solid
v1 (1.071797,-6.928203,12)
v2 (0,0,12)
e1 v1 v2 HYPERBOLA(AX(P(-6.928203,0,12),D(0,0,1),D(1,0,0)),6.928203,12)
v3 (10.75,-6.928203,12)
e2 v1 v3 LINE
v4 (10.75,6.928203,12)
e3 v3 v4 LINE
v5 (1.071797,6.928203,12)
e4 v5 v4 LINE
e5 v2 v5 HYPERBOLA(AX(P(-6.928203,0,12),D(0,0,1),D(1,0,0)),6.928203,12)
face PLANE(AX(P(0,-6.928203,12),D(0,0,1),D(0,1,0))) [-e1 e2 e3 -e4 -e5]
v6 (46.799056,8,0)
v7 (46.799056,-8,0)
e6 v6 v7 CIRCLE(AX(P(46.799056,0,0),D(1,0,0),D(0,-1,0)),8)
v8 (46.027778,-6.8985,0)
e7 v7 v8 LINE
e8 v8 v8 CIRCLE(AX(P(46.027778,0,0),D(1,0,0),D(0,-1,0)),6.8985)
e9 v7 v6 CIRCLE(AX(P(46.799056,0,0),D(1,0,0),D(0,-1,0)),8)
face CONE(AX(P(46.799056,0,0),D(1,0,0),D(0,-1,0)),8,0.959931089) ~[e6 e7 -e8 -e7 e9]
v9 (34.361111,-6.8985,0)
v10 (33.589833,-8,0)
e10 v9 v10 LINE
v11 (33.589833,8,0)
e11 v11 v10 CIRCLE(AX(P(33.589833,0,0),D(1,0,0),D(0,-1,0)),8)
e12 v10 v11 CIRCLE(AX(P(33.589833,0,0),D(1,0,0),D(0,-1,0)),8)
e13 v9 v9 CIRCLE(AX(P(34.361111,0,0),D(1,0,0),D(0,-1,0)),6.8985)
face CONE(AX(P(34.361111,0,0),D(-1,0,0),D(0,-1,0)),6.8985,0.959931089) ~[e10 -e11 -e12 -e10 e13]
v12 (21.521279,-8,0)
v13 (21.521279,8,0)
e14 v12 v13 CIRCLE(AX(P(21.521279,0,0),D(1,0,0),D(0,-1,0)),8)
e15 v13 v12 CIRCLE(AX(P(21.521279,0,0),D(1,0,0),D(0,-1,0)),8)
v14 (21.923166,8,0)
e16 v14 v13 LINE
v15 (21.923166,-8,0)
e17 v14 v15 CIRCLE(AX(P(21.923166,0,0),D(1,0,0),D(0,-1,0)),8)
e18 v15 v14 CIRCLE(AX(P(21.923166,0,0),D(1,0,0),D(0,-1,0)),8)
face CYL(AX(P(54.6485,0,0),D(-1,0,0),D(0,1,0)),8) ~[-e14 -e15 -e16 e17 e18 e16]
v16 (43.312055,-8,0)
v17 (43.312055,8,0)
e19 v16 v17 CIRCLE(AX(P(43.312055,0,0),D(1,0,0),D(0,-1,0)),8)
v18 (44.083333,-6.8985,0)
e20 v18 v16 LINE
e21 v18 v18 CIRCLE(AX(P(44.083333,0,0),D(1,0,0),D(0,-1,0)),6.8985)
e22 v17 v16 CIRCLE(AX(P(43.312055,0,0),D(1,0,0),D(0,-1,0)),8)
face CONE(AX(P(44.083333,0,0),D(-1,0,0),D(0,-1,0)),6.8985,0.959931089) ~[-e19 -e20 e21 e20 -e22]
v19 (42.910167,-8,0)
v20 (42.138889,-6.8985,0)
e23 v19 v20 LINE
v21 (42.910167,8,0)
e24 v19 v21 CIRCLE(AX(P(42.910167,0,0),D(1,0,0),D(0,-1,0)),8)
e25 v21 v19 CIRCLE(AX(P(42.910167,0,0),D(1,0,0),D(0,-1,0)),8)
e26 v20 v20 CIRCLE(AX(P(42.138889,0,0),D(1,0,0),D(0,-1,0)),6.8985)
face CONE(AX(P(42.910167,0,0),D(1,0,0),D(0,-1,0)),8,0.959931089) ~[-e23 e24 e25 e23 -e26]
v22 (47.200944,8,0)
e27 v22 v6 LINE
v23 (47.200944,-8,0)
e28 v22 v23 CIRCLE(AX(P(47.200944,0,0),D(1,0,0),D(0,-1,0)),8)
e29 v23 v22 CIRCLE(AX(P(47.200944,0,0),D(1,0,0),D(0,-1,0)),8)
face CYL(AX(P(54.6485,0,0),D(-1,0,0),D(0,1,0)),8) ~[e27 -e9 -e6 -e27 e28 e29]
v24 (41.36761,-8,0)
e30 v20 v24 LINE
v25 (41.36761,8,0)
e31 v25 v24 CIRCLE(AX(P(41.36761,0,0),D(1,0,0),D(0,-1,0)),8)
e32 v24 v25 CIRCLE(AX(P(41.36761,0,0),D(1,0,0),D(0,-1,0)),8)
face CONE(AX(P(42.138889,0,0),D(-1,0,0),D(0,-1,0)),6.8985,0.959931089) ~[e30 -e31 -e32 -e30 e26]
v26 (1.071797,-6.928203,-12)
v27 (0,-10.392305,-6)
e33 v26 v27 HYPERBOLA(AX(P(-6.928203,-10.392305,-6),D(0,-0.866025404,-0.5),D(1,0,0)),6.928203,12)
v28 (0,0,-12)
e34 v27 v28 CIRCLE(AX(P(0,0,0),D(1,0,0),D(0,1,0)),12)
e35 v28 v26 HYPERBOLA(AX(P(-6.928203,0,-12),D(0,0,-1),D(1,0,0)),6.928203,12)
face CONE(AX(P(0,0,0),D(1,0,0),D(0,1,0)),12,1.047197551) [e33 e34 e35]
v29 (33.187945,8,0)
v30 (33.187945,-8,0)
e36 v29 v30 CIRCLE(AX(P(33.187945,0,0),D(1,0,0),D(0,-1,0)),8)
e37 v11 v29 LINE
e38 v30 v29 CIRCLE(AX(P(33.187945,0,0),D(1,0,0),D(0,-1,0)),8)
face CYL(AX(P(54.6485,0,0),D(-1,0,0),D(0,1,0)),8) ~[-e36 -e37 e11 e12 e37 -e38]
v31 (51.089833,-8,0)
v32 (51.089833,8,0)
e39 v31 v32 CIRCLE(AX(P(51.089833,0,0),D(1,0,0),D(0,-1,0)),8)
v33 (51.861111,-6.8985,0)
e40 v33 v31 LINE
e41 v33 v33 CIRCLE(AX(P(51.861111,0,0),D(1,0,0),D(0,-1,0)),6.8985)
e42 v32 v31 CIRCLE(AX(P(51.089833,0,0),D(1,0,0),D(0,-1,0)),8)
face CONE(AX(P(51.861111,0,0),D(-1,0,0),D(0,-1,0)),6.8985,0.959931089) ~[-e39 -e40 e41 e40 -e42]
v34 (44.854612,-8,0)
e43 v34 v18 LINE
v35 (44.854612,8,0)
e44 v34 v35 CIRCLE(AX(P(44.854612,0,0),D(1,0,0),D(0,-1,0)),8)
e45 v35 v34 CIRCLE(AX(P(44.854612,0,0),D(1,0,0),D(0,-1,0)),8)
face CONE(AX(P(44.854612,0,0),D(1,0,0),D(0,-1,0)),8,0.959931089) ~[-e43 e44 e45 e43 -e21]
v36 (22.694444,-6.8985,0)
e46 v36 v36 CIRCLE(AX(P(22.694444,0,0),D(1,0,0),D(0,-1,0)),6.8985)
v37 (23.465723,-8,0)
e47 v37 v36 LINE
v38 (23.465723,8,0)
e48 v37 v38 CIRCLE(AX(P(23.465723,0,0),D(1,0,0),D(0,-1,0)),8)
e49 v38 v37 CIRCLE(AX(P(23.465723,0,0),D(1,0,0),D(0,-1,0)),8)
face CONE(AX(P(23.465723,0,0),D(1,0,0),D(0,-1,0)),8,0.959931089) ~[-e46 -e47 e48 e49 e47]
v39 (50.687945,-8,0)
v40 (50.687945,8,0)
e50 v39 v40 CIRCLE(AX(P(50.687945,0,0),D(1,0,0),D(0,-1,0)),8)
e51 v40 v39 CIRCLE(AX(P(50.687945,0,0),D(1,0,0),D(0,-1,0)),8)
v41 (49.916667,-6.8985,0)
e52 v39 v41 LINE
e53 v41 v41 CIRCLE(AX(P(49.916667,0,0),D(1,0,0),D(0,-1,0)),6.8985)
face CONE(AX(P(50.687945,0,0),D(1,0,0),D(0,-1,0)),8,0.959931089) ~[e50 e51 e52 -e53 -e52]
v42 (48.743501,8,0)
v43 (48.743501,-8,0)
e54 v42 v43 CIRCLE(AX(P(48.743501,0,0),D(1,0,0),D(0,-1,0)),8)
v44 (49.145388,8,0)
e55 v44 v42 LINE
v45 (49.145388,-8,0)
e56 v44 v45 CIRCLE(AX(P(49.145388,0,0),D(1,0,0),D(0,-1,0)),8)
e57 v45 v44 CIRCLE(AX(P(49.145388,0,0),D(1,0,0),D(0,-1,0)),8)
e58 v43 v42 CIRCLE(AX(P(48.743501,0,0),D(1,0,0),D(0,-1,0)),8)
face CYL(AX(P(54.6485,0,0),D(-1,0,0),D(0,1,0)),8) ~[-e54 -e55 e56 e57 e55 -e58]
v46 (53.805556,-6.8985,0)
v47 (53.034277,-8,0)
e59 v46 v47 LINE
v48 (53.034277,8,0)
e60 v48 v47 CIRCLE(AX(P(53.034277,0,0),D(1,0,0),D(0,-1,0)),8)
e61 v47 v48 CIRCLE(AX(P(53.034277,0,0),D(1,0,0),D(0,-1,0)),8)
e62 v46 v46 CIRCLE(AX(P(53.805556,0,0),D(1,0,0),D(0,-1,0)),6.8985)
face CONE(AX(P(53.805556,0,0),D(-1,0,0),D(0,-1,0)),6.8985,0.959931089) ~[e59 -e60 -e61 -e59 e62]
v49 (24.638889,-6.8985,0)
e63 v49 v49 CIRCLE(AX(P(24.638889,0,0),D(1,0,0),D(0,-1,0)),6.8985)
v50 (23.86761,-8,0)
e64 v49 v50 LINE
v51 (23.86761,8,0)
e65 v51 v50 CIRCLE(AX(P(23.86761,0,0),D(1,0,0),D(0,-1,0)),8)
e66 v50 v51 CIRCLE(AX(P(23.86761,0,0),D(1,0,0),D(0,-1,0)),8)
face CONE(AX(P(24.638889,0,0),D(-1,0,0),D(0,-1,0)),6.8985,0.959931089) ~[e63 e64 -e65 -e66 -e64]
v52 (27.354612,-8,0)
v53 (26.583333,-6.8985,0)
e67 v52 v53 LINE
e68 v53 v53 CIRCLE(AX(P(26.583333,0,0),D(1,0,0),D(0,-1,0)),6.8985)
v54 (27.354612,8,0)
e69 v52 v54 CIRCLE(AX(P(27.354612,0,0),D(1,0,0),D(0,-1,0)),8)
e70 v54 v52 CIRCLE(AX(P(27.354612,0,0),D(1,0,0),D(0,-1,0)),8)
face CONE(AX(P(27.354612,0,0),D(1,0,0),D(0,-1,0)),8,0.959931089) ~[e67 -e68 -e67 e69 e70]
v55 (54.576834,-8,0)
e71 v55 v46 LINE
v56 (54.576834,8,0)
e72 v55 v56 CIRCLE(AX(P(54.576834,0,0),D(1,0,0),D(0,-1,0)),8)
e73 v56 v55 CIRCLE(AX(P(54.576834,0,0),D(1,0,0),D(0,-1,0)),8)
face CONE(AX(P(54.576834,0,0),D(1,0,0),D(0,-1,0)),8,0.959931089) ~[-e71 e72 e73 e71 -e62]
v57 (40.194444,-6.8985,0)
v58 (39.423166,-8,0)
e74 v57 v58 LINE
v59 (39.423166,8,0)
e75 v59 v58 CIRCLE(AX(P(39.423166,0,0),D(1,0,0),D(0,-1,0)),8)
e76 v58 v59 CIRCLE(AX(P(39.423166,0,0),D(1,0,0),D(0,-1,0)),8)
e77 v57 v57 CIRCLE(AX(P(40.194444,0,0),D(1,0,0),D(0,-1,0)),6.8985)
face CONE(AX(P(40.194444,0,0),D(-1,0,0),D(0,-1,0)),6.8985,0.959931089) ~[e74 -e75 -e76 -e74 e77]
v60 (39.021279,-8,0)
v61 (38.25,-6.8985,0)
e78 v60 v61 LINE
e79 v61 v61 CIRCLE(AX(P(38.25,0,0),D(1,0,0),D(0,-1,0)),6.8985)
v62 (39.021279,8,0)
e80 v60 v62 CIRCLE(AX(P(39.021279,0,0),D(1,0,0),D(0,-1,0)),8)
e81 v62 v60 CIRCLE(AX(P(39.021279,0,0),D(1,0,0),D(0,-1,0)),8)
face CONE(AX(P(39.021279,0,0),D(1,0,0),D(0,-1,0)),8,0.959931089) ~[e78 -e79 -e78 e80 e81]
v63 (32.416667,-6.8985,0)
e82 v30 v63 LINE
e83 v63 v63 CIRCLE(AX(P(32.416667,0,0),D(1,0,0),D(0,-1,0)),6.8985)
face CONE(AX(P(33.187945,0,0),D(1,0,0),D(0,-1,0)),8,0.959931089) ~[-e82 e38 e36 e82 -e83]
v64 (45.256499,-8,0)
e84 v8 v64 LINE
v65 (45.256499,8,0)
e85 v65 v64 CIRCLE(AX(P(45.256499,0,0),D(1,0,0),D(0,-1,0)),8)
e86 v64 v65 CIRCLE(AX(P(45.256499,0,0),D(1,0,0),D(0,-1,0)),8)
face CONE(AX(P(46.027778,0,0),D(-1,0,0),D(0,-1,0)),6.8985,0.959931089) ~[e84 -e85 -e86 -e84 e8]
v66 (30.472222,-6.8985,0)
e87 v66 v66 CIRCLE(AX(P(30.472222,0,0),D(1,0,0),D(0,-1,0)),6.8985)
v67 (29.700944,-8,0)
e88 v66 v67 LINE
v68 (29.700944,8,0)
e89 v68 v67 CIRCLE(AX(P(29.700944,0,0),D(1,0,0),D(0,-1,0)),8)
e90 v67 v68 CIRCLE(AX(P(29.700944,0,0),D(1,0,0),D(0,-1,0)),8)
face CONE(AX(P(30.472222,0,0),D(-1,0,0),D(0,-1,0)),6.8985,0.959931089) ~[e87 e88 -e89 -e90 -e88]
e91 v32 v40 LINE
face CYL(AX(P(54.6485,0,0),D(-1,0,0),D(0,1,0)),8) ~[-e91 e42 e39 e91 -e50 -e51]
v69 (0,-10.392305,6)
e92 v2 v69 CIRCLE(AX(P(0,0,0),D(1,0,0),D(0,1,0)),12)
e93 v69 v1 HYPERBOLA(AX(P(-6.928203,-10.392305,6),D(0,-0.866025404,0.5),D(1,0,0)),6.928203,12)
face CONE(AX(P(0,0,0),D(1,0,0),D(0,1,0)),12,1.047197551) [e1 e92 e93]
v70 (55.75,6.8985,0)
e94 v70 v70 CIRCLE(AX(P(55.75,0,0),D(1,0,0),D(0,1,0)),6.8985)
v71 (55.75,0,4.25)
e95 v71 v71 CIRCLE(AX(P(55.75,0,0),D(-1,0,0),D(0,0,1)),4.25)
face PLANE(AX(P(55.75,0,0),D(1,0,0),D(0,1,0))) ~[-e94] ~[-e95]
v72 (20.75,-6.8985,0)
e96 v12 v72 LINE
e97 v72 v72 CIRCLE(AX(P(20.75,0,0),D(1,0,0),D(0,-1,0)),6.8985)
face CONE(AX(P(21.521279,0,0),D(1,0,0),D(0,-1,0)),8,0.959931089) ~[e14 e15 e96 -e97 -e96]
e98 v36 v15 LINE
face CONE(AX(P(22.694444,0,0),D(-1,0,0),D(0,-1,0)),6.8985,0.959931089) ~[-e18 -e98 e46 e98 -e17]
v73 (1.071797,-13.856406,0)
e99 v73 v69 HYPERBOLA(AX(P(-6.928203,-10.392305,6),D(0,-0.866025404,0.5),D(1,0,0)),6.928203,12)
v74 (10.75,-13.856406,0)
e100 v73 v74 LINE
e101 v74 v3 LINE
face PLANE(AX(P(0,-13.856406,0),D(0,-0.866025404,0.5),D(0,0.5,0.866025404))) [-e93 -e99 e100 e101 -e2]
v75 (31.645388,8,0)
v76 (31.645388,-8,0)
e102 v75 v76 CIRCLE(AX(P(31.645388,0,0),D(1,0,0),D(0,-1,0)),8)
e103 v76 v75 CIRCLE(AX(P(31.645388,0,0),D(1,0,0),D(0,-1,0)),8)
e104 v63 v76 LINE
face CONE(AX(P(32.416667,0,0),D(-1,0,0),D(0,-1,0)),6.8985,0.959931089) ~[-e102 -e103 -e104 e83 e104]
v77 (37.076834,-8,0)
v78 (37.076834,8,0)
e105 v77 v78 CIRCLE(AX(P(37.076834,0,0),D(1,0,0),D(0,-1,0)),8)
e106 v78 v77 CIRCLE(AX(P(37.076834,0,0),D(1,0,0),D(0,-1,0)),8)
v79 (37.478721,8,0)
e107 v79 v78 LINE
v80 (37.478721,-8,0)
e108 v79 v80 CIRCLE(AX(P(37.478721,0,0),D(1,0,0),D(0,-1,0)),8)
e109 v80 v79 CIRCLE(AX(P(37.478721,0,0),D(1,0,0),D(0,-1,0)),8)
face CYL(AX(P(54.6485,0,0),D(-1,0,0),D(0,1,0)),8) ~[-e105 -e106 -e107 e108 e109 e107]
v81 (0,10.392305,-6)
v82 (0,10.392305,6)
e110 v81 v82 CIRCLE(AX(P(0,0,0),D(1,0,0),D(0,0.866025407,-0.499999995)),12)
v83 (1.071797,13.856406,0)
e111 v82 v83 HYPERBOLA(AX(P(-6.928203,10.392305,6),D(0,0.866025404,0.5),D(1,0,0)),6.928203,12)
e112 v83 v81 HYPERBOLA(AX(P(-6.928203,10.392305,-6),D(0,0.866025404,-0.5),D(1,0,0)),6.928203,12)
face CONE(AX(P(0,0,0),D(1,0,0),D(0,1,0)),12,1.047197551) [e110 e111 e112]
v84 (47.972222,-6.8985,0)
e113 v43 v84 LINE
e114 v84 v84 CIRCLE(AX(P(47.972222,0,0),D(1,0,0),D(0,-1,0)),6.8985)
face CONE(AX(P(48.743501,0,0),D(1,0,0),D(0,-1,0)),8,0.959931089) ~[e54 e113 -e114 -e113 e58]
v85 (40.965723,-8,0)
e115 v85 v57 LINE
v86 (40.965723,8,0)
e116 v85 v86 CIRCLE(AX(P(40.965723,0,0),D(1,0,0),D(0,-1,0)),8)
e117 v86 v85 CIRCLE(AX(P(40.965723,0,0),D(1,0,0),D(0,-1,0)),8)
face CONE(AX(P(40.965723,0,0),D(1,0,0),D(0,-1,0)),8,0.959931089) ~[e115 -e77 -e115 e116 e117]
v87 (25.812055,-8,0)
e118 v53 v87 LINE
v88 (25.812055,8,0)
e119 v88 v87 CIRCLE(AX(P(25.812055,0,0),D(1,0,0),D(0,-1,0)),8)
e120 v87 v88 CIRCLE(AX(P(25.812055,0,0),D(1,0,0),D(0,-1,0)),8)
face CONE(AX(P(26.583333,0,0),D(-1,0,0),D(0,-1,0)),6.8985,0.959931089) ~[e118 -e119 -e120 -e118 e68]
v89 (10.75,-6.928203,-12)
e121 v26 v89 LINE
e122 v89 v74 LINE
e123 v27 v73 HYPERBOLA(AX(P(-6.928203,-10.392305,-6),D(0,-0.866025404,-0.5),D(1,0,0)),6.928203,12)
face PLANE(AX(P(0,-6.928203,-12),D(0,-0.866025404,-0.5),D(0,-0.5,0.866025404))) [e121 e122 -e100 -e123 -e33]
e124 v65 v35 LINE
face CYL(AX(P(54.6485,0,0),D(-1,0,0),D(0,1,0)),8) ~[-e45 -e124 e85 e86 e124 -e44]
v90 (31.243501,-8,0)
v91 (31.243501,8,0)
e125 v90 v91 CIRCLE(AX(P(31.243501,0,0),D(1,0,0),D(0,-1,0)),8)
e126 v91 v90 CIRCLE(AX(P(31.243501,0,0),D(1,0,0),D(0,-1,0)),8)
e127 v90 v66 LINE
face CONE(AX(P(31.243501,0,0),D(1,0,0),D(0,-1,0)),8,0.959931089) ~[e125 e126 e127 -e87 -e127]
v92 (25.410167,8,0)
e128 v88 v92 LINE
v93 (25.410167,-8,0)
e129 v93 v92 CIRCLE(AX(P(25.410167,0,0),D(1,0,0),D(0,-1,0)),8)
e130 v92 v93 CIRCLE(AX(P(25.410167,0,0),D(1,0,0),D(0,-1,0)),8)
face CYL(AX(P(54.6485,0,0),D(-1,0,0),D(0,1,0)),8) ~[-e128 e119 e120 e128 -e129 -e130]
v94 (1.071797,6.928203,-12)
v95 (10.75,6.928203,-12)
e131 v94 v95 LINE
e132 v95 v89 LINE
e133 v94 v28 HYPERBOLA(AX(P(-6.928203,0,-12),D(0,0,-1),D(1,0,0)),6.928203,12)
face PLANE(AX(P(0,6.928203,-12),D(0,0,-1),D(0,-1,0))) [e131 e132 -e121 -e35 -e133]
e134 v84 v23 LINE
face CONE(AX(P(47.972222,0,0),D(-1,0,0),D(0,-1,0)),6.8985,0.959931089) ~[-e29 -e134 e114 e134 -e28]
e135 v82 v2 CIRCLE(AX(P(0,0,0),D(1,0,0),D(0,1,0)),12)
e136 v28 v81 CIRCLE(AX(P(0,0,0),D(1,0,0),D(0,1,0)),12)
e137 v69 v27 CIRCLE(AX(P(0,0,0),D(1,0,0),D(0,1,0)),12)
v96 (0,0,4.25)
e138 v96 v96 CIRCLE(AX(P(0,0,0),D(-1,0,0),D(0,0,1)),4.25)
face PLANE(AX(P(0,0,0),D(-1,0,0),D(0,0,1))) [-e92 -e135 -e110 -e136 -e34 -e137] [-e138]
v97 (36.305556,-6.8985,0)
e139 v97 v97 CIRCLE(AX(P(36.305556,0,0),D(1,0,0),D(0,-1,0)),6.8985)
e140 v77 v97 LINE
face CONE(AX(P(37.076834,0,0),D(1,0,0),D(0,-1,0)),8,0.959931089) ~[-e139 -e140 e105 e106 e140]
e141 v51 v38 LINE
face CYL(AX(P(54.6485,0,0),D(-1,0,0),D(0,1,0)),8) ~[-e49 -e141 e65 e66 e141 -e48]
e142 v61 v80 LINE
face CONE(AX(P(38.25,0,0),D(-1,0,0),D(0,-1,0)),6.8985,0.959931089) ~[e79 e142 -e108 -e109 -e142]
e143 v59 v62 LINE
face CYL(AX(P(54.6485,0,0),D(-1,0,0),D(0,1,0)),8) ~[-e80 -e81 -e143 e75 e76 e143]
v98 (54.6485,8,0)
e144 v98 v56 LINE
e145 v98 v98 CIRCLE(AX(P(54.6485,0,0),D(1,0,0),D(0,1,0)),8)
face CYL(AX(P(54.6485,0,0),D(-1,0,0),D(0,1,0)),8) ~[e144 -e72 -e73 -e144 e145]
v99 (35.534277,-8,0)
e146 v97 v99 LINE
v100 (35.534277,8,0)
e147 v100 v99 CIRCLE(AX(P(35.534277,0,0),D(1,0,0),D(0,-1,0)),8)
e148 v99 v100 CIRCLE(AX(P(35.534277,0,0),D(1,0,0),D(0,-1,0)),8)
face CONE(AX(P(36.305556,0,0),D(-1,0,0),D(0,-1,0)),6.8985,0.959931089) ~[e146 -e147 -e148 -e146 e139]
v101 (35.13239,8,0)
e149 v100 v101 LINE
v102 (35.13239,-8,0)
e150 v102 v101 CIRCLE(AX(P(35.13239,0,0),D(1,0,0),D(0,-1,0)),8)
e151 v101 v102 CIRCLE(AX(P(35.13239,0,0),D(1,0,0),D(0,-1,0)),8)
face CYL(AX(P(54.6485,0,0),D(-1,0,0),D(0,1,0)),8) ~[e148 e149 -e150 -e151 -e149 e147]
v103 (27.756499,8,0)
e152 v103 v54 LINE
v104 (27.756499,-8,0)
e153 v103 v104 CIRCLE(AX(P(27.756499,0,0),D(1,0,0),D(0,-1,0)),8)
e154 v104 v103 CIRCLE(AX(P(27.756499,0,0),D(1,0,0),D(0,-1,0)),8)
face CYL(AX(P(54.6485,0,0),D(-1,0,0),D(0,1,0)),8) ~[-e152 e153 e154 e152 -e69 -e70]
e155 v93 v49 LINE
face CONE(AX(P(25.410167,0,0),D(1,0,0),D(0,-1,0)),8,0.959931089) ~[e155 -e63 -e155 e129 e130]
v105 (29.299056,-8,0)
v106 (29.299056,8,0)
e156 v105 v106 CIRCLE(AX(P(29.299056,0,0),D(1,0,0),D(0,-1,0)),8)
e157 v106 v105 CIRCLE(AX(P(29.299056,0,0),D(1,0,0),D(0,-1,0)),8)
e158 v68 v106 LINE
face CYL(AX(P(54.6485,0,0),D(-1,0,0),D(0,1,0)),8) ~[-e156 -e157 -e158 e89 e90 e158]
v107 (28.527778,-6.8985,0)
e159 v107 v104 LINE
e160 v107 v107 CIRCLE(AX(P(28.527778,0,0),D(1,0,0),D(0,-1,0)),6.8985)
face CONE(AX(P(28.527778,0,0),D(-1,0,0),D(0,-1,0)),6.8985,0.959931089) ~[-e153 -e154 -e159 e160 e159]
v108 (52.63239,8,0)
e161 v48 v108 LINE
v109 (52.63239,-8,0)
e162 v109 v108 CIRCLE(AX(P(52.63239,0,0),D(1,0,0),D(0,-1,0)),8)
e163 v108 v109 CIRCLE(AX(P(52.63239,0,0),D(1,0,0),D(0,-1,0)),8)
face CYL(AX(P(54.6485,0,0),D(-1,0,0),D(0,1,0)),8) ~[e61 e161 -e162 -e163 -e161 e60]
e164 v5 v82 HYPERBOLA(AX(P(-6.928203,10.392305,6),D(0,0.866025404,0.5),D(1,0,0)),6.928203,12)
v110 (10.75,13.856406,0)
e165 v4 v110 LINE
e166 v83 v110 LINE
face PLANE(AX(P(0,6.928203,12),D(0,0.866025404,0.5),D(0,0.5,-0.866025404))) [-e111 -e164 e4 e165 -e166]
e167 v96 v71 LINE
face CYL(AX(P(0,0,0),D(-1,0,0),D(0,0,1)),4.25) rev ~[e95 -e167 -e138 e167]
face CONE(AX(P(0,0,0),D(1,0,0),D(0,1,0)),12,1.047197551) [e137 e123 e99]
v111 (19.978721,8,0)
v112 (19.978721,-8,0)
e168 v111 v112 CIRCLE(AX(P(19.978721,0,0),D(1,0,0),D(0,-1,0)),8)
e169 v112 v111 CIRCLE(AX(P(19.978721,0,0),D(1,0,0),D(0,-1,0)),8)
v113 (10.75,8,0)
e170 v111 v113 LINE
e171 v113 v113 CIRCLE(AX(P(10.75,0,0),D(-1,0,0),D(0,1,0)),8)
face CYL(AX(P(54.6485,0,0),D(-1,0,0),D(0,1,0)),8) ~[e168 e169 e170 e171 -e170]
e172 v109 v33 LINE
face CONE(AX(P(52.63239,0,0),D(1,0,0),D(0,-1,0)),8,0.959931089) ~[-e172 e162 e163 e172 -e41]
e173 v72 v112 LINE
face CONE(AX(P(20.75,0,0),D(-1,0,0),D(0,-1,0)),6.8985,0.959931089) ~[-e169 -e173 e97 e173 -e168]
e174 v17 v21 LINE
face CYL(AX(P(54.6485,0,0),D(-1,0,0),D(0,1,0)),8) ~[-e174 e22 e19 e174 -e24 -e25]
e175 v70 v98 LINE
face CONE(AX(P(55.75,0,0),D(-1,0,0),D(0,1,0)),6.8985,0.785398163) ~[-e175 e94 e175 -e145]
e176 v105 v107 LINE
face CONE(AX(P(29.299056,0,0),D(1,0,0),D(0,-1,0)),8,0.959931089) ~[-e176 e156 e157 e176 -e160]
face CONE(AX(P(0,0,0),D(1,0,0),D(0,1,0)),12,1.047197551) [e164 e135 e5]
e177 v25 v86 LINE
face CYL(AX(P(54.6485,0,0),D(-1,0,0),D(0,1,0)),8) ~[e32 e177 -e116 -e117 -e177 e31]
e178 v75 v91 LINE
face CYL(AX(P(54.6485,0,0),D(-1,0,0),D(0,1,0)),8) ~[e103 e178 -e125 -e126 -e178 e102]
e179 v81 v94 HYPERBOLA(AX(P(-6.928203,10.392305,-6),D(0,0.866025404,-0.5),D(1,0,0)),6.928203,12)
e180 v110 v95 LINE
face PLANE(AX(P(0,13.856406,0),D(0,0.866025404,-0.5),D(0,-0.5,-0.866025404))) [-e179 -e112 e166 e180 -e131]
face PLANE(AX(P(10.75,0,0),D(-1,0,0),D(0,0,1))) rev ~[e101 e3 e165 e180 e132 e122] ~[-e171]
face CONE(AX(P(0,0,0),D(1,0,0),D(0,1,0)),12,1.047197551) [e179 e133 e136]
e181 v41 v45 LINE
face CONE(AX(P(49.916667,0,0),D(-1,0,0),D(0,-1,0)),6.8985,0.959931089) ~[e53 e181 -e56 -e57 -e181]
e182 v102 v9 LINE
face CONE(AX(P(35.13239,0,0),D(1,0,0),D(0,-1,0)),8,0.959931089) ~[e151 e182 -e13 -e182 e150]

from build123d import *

# Parameters (mm, degrees)
BASEHEAD_DEPTH     = 10.75
THDSCHPAT_COUNT    = 18
THDSCHPAT_PITCH    = 1.944444444
SKETCH4_R          = 4.25
CUT_EXTRUDE1_DEPTH = 56.75


with BuildPart() as part:
    # Sketch1 → BaseHead (new body)
    with BuildSketch(Plane(origin=(0, 0, 0), x_dir=(0, 0, -1), z_dir=(1, 0, 0))):
        Polygon((12, 6.92820323), (12, -6.92820323), (0, -13.856406461), (-12, -6.92820323), (-12, 6.92820323), (0, 13.856406461), align=None)
    extrude(amount=BASEHEAD_DEPTH)

    # BodySke → BaseBody (revolve)
    with BuildSketch(Plane.XY):
        Polygon((0, 0), (55.75, 0), (55.75, 6.8985), (54.6485, 8), (0, 8), align=None)
    revolve(axis=Axis((0, 0, 0), (1, 0, 0)))

    # Sketch3 → HeadChamfer (revolve, cut)
    with BuildSketch(Plane.XY):
        Polygon((0, 12), (3.958548116, 18.856406461), (3.958548116, 23.856406461), (-10, 23.856406461), (-10, 12), align=None)
    revolve(axis=Axis((0, 0, 0), (1, 0, 0)), mode=Mode.SUBTRACT)

    # ThdSchSke → ThreadSchematic (revolve, cut)
    with BuildSketch(Plane.XY):
        Polygon((20.75, -6.8985), (19.978721397, -8), (19.978721397, -10), (21.521278603, -10), (21.521278603, -8), align=None)
    threadschematic = revolve(axis=Axis((-3.175, 0, 0), (1, 0, 0)), mode=Mode.SUBTRACT)

    # ThdSchPat: ThreadSchematic ×18
    with Locations(*[(i * THDSCHPAT_PITCH, 0, 0) for i in range(1, THDSCHPAT_COUNT)]):
        add(threadschematic, mode=Mode.SUBTRACT)

    # Sketch4 → Cut-Extrude1 (cut, through all)
    with BuildSketch(Plane.ZY):
        Circle(SKETCH4_R)
    extrude(amount=-CUT_EXTRUDE1_DEPTH, mode=Mode.SUBTRACT)


solid = part.part
